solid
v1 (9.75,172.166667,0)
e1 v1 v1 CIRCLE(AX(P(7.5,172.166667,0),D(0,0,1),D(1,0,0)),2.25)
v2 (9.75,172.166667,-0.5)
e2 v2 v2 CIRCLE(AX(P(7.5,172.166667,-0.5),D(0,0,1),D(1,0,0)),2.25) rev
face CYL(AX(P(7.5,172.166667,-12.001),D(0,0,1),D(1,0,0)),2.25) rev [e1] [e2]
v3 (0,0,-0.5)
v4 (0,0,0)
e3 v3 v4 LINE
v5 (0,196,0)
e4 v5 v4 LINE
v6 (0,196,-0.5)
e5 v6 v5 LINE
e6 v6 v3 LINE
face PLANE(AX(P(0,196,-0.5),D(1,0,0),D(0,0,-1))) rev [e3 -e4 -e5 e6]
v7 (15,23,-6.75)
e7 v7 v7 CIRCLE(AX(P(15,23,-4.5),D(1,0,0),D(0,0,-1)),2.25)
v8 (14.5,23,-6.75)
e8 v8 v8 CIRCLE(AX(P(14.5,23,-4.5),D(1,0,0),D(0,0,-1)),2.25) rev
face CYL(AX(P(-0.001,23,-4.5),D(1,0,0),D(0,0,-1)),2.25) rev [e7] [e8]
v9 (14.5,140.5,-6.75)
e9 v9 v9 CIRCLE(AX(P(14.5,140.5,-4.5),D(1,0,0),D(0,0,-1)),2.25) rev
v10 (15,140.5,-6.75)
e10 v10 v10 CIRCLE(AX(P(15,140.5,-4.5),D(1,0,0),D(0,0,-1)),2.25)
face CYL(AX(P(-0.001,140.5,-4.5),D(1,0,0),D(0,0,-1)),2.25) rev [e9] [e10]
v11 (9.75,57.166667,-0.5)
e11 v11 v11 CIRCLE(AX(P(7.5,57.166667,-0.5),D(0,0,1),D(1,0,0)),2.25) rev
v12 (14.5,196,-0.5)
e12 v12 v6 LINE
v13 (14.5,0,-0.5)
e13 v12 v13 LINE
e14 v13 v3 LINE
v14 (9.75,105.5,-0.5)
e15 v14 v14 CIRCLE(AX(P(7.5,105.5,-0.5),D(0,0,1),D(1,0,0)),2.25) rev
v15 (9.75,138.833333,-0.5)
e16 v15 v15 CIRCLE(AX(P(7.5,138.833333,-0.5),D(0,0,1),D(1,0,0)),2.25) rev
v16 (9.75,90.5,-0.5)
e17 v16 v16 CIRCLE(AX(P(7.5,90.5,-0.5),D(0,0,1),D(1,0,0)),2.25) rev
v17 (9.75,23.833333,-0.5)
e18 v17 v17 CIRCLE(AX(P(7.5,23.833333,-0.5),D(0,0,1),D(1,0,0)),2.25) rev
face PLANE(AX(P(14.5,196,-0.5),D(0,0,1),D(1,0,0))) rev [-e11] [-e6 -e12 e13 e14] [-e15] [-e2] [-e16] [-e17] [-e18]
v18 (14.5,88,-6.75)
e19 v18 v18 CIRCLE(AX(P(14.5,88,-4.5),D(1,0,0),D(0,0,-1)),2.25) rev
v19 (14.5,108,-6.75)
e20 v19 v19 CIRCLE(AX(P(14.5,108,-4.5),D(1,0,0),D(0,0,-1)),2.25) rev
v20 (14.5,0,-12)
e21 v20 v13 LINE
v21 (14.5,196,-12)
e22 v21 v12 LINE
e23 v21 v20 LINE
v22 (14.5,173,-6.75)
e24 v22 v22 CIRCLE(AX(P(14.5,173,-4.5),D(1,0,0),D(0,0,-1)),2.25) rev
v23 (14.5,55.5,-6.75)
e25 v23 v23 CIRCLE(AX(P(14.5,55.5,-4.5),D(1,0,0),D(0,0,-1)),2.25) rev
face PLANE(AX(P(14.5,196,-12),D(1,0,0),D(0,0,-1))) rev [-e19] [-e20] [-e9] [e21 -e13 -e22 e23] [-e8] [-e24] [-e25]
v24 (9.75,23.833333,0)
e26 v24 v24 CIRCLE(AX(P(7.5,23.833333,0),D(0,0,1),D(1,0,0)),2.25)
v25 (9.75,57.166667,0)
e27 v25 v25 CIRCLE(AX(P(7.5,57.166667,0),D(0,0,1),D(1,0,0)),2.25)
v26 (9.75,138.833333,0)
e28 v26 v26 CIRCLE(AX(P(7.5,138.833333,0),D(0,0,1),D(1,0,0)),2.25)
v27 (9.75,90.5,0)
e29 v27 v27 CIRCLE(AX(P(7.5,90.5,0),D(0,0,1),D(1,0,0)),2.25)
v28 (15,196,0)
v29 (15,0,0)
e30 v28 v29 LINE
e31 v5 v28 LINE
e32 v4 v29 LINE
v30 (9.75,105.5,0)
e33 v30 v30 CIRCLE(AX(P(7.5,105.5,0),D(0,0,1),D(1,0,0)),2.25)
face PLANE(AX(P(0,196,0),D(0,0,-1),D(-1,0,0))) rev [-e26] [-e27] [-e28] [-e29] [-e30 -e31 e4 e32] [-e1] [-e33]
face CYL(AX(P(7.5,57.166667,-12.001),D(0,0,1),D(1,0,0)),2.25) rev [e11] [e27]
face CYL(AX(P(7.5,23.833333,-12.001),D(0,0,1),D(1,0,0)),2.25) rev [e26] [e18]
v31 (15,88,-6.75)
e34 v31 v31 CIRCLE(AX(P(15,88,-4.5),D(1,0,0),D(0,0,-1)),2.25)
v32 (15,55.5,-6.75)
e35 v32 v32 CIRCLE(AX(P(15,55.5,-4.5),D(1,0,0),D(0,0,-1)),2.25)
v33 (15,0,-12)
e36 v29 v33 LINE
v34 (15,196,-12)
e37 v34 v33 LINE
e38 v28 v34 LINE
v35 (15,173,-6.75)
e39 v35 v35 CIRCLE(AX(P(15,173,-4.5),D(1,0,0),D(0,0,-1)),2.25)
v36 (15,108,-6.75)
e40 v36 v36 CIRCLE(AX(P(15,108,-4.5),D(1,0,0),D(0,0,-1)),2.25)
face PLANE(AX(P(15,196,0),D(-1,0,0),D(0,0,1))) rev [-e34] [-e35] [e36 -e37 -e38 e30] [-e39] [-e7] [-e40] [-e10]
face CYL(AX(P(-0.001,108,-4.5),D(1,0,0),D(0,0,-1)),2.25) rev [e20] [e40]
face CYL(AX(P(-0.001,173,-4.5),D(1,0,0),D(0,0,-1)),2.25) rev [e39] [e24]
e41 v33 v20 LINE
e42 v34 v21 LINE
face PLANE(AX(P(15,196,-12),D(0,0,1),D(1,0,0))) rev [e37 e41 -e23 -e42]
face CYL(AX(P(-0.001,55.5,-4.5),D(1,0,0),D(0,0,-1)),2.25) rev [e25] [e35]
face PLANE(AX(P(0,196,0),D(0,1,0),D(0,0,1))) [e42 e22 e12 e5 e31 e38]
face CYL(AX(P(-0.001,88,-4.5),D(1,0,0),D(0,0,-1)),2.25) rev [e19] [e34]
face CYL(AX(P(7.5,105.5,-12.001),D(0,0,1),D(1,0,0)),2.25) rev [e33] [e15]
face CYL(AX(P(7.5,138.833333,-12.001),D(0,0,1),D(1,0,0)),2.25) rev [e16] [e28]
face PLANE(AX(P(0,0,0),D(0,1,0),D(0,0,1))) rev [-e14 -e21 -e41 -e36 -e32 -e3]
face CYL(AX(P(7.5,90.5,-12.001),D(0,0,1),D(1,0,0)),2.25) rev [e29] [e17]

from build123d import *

# Parameters (mm, degrees)
BOSS_EXTRUDE1_DEPTH = 196
CUT_EXTRUDE4_REACH  = 17
SKETCH5_R           = 2.25
CUT_EXTRUDE5_REACH  = 14
SKETCH6_R           = 2.25


with BuildPart() as part:
    # Sketch1 → Boss-Extrude1 (new body)
    with BuildSketch(Plane(origin=(0, 0, 0), x_dir=(1, 0, 0), z_dir=(0, 1, 0))):
        Polygon((0, 0), (15, 0), (15, 12), (14.5, 12), (14.5, 0.5), (0, 0.5), align=None)
    extrude(amount=BOSS_EXTRUDE1_DEPTH)

    # Sketch5 → Cut-Extrude4 (cut, up to next)
    with BuildSketch(Plane(origin=(15, 0, 0), x_dir=(0, 0, -1), z_dir=(1, 0, 0)), mode=Mode.PRIVATE) as cut_extrude4_sk1:
        with Locations((4.5, 23)):
            Circle(SKETCH5_R)
    cut_extrude4_tool1 = extrude(cut_extrude4_sk1.sketch, amount=-CUT_EXTRUDE4_REACH, mode=Mode.PRIVATE) & part.part
    add(cut_extrude4_tool1.solids().sort_by_distance((15, 23, -4.5))[0], mode=Mode.SUBTRACT)
    # Sketch5 → Cut-Extrude4 (cut, up to next)
    with BuildSketch(Plane(origin=(15, 0, 0), x_dir=(0, 0, -1), z_dir=(1, 0, 0)), mode=Mode.PRIVATE) as cut_extrude4_sk2:
        with Locations((4.5, 55.5)):
            Circle(SKETCH5_R)
    cut_extrude4_tool2 = extrude(cut_extrude4_sk2.sketch, amount=-CUT_EXTRUDE4_REACH, mode=Mode.PRIVATE) & part.part
    add(cut_extrude4_tool2.solids().sort_by_distance((15, 55.5, -4.5))[0], mode=Mode.SUBTRACT)
    # Sketch5 → Cut-Extrude4 (cut, up to next)
    with BuildSketch(Plane(origin=(15, 0, 0), x_dir=(0, 0, -1), z_dir=(1, 0, 0)), mode=Mode.PRIVATE) as cut_extrude4_sk3:
        with Locations((4.5, 88)):
            Circle(SKETCH5_R)
    cut_extrude4_tool3 = extrude(cut_extrude4_sk3.sketch, amount=-CUT_EXTRUDE4_REACH, mode=Mode.PRIVATE) & part.part
    add(cut_extrude4_tool3.solids().sort_by_distance((15, 88, -4.5))[0], mode=Mode.SUBTRACT)
    # Sketch5 → Cut-Extrude4 (cut, up to next)
    with BuildSketch(Plane(origin=(15, 0, 0), x_dir=(0, 0, -1), z_dir=(1, 0, 0)), mode=Mode.PRIVATE) as cut_extrude4_sk4:
        with Locations((4.5, 108)):
            Circle(SKETCH5_R)
    cut_extrude4_tool4 = extrude(cut_extrude4_sk4.sketch, amount=-CUT_EXTRUDE4_REACH, mode=Mode.PRIVATE) & part.part
    add(cut_extrude4_tool4.solids().sort_by_distance((15, 108, -4.5))[0], mode=Mode.SUBTRACT)
    # Sketch5 → Cut-Extrude4 (cut, up to next)
    with BuildSketch(Plane(origin=(15, 0, 0), x_dir=(0, 0, -1), z_dir=(1, 0, 0)), mode=Mode.PRIVATE) as cut_extrude4_sk5:
        with Locations((4.5, 140.5)):
            Circle(SKETCH5_R)
    cut_extrude4_tool5 = extrude(cut_extrude4_sk5.sketch, amount=-CUT_EXTRUDE4_REACH, mode=Mode.PRIVATE) & part.part
    add(cut_extrude4_tool5.solids().sort_by_distance((15, 140.5, -4.5))[0], mode=Mode.SUBTRACT)
    # Sketch5 → Cut-Extrude4 (cut, up to next)
    with BuildSketch(Plane(origin=(15, 0, 0), x_dir=(0, 0, -1), z_dir=(1, 0, 0)), mode=Mode.PRIVATE) as cut_extrude4_sk6:
        with Locations((4.5, 173)):
            Circle(SKETCH5_R)
    cut_extrude4_tool6 = extrude(cut_extrude4_sk6.sketch, amount=-CUT_EXTRUDE4_REACH, mode=Mode.PRIVATE) & part.part
    add(cut_extrude4_tool6.solids().sort_by_distance((15, 173, -4.5))[0], mode=Mode.SUBTRACT)

    # Sketch6 → Cut-Extrude5 (cut, up to next)
    with BuildSketch(Plane.XY, mode=Mode.PRIVATE) as cut_extrude5_sk1:
        with Locations((7.5, 23.833333333)):
            Circle(SKETCH6_R)
    cut_extrude5_tool1 = extrude(cut_extrude5_sk1.sketch, amount=-CUT_EXTRUDE5_REACH, mode=Mode.PRIVATE) & part.part
    add(cut_extrude5_tool1.solids().sort_by_distance((7.5, 23.833333, 0))[0], mode=Mode.SUBTRACT)
    # Sketch6 → Cut-Extrude5 (cut, up to next)
    with BuildSketch(Plane.XY, mode=Mode.PRIVATE) as cut_extrude5_sk2:
        with Locations((7.5, 57.166666667)):
            Circle(SKETCH6_R)
    cut_extrude5_tool2 = extrude(cut_extrude5_sk2.sketch, amount=-CUT_EXTRUDE5_REACH, mode=Mode.PRIVATE) & part.part
    add(cut_extrude5_tool2.solids().sort_by_distance((7.5, 57.166667, 0))[0], mode=Mode.SUBTRACT)
    # Sketch6 → Cut-Extrude5 (cut, up to next)
    with BuildSketch(Plane.XY, mode=Mode.PRIVATE) as cut_extrude5_sk3:
        with Locations((7.5, 90.5)):
            Circle(SKETCH6_R)
    cut_extrude5_tool3 = extrude(cut_extrude5_sk3.sketch, amount=-CUT_EXTRUDE5_REACH, mode=Mode.PRIVATE) & part.part
    add(cut_extrude5_tool3.solids().sort_by_distance((7.5, 90.5, 0))[0], mode=Mode.SUBTRACT)
    # Sketch6 → Cut-Extrude5 (cut, up to next)
    with BuildSketch(Plane.XY, mode=Mode.PRIVATE) as cut_extrude5_sk4:
        with Locations((7.5, 105.5)):
            Circle(SKETCH6_R)
    cut_extrude5_tool4 = extrude(cut_extrude5_sk4.sketch, amount=-CUT_EXTRUDE5_REACH, mode=Mode.PRIVATE) & part.part
    add(cut_extrude5_tool4.solids().sort_by_distance((7.5, 105.5, 0))[0], mode=Mode.SUBTRACT)
    # Sketch6 → Cut-Extrude5 (cut, up to next)
    with BuildSketch(Plane.XY, mode=Mode.PRIVATE) as cut_extrude5_sk5:
        with Locations((7.5, 138.833333333)):
            Circle(SKETCH6_R)
    cut_extrude5_tool5 = extrude(cut_extrude5_sk5.sketch, amount=-CUT_EXTRUDE5_REACH, mode=Mode.PRIVATE) & part.part
    add(cut_extrude5_tool5.solids().sort_by_distance((7.5, 138.833333, 0))[0], mode=Mode.SUBTRACT)
    # Sketch6 → Cut-Extrude5 (cut, up to next)
    with BuildSketch(Plane.XY, mode=Mode.PRIVATE) as cut_extrude5_sk6:
        with Locations((7.5, 172.166666667)):
            Circle(SKETCH6_R)
    cut_extrude5_tool6 = extrude(cut_extrude5_sk6.sketch, amount=-CUT_EXTRUDE5_REACH, mode=Mode.PRIVATE) & part.part
    add(cut_extrude5_tool6.solids().sort_by_distance((7.5, 172.166667, 0))[0], mode=Mode.SUBTRACT)


solid = part.part
